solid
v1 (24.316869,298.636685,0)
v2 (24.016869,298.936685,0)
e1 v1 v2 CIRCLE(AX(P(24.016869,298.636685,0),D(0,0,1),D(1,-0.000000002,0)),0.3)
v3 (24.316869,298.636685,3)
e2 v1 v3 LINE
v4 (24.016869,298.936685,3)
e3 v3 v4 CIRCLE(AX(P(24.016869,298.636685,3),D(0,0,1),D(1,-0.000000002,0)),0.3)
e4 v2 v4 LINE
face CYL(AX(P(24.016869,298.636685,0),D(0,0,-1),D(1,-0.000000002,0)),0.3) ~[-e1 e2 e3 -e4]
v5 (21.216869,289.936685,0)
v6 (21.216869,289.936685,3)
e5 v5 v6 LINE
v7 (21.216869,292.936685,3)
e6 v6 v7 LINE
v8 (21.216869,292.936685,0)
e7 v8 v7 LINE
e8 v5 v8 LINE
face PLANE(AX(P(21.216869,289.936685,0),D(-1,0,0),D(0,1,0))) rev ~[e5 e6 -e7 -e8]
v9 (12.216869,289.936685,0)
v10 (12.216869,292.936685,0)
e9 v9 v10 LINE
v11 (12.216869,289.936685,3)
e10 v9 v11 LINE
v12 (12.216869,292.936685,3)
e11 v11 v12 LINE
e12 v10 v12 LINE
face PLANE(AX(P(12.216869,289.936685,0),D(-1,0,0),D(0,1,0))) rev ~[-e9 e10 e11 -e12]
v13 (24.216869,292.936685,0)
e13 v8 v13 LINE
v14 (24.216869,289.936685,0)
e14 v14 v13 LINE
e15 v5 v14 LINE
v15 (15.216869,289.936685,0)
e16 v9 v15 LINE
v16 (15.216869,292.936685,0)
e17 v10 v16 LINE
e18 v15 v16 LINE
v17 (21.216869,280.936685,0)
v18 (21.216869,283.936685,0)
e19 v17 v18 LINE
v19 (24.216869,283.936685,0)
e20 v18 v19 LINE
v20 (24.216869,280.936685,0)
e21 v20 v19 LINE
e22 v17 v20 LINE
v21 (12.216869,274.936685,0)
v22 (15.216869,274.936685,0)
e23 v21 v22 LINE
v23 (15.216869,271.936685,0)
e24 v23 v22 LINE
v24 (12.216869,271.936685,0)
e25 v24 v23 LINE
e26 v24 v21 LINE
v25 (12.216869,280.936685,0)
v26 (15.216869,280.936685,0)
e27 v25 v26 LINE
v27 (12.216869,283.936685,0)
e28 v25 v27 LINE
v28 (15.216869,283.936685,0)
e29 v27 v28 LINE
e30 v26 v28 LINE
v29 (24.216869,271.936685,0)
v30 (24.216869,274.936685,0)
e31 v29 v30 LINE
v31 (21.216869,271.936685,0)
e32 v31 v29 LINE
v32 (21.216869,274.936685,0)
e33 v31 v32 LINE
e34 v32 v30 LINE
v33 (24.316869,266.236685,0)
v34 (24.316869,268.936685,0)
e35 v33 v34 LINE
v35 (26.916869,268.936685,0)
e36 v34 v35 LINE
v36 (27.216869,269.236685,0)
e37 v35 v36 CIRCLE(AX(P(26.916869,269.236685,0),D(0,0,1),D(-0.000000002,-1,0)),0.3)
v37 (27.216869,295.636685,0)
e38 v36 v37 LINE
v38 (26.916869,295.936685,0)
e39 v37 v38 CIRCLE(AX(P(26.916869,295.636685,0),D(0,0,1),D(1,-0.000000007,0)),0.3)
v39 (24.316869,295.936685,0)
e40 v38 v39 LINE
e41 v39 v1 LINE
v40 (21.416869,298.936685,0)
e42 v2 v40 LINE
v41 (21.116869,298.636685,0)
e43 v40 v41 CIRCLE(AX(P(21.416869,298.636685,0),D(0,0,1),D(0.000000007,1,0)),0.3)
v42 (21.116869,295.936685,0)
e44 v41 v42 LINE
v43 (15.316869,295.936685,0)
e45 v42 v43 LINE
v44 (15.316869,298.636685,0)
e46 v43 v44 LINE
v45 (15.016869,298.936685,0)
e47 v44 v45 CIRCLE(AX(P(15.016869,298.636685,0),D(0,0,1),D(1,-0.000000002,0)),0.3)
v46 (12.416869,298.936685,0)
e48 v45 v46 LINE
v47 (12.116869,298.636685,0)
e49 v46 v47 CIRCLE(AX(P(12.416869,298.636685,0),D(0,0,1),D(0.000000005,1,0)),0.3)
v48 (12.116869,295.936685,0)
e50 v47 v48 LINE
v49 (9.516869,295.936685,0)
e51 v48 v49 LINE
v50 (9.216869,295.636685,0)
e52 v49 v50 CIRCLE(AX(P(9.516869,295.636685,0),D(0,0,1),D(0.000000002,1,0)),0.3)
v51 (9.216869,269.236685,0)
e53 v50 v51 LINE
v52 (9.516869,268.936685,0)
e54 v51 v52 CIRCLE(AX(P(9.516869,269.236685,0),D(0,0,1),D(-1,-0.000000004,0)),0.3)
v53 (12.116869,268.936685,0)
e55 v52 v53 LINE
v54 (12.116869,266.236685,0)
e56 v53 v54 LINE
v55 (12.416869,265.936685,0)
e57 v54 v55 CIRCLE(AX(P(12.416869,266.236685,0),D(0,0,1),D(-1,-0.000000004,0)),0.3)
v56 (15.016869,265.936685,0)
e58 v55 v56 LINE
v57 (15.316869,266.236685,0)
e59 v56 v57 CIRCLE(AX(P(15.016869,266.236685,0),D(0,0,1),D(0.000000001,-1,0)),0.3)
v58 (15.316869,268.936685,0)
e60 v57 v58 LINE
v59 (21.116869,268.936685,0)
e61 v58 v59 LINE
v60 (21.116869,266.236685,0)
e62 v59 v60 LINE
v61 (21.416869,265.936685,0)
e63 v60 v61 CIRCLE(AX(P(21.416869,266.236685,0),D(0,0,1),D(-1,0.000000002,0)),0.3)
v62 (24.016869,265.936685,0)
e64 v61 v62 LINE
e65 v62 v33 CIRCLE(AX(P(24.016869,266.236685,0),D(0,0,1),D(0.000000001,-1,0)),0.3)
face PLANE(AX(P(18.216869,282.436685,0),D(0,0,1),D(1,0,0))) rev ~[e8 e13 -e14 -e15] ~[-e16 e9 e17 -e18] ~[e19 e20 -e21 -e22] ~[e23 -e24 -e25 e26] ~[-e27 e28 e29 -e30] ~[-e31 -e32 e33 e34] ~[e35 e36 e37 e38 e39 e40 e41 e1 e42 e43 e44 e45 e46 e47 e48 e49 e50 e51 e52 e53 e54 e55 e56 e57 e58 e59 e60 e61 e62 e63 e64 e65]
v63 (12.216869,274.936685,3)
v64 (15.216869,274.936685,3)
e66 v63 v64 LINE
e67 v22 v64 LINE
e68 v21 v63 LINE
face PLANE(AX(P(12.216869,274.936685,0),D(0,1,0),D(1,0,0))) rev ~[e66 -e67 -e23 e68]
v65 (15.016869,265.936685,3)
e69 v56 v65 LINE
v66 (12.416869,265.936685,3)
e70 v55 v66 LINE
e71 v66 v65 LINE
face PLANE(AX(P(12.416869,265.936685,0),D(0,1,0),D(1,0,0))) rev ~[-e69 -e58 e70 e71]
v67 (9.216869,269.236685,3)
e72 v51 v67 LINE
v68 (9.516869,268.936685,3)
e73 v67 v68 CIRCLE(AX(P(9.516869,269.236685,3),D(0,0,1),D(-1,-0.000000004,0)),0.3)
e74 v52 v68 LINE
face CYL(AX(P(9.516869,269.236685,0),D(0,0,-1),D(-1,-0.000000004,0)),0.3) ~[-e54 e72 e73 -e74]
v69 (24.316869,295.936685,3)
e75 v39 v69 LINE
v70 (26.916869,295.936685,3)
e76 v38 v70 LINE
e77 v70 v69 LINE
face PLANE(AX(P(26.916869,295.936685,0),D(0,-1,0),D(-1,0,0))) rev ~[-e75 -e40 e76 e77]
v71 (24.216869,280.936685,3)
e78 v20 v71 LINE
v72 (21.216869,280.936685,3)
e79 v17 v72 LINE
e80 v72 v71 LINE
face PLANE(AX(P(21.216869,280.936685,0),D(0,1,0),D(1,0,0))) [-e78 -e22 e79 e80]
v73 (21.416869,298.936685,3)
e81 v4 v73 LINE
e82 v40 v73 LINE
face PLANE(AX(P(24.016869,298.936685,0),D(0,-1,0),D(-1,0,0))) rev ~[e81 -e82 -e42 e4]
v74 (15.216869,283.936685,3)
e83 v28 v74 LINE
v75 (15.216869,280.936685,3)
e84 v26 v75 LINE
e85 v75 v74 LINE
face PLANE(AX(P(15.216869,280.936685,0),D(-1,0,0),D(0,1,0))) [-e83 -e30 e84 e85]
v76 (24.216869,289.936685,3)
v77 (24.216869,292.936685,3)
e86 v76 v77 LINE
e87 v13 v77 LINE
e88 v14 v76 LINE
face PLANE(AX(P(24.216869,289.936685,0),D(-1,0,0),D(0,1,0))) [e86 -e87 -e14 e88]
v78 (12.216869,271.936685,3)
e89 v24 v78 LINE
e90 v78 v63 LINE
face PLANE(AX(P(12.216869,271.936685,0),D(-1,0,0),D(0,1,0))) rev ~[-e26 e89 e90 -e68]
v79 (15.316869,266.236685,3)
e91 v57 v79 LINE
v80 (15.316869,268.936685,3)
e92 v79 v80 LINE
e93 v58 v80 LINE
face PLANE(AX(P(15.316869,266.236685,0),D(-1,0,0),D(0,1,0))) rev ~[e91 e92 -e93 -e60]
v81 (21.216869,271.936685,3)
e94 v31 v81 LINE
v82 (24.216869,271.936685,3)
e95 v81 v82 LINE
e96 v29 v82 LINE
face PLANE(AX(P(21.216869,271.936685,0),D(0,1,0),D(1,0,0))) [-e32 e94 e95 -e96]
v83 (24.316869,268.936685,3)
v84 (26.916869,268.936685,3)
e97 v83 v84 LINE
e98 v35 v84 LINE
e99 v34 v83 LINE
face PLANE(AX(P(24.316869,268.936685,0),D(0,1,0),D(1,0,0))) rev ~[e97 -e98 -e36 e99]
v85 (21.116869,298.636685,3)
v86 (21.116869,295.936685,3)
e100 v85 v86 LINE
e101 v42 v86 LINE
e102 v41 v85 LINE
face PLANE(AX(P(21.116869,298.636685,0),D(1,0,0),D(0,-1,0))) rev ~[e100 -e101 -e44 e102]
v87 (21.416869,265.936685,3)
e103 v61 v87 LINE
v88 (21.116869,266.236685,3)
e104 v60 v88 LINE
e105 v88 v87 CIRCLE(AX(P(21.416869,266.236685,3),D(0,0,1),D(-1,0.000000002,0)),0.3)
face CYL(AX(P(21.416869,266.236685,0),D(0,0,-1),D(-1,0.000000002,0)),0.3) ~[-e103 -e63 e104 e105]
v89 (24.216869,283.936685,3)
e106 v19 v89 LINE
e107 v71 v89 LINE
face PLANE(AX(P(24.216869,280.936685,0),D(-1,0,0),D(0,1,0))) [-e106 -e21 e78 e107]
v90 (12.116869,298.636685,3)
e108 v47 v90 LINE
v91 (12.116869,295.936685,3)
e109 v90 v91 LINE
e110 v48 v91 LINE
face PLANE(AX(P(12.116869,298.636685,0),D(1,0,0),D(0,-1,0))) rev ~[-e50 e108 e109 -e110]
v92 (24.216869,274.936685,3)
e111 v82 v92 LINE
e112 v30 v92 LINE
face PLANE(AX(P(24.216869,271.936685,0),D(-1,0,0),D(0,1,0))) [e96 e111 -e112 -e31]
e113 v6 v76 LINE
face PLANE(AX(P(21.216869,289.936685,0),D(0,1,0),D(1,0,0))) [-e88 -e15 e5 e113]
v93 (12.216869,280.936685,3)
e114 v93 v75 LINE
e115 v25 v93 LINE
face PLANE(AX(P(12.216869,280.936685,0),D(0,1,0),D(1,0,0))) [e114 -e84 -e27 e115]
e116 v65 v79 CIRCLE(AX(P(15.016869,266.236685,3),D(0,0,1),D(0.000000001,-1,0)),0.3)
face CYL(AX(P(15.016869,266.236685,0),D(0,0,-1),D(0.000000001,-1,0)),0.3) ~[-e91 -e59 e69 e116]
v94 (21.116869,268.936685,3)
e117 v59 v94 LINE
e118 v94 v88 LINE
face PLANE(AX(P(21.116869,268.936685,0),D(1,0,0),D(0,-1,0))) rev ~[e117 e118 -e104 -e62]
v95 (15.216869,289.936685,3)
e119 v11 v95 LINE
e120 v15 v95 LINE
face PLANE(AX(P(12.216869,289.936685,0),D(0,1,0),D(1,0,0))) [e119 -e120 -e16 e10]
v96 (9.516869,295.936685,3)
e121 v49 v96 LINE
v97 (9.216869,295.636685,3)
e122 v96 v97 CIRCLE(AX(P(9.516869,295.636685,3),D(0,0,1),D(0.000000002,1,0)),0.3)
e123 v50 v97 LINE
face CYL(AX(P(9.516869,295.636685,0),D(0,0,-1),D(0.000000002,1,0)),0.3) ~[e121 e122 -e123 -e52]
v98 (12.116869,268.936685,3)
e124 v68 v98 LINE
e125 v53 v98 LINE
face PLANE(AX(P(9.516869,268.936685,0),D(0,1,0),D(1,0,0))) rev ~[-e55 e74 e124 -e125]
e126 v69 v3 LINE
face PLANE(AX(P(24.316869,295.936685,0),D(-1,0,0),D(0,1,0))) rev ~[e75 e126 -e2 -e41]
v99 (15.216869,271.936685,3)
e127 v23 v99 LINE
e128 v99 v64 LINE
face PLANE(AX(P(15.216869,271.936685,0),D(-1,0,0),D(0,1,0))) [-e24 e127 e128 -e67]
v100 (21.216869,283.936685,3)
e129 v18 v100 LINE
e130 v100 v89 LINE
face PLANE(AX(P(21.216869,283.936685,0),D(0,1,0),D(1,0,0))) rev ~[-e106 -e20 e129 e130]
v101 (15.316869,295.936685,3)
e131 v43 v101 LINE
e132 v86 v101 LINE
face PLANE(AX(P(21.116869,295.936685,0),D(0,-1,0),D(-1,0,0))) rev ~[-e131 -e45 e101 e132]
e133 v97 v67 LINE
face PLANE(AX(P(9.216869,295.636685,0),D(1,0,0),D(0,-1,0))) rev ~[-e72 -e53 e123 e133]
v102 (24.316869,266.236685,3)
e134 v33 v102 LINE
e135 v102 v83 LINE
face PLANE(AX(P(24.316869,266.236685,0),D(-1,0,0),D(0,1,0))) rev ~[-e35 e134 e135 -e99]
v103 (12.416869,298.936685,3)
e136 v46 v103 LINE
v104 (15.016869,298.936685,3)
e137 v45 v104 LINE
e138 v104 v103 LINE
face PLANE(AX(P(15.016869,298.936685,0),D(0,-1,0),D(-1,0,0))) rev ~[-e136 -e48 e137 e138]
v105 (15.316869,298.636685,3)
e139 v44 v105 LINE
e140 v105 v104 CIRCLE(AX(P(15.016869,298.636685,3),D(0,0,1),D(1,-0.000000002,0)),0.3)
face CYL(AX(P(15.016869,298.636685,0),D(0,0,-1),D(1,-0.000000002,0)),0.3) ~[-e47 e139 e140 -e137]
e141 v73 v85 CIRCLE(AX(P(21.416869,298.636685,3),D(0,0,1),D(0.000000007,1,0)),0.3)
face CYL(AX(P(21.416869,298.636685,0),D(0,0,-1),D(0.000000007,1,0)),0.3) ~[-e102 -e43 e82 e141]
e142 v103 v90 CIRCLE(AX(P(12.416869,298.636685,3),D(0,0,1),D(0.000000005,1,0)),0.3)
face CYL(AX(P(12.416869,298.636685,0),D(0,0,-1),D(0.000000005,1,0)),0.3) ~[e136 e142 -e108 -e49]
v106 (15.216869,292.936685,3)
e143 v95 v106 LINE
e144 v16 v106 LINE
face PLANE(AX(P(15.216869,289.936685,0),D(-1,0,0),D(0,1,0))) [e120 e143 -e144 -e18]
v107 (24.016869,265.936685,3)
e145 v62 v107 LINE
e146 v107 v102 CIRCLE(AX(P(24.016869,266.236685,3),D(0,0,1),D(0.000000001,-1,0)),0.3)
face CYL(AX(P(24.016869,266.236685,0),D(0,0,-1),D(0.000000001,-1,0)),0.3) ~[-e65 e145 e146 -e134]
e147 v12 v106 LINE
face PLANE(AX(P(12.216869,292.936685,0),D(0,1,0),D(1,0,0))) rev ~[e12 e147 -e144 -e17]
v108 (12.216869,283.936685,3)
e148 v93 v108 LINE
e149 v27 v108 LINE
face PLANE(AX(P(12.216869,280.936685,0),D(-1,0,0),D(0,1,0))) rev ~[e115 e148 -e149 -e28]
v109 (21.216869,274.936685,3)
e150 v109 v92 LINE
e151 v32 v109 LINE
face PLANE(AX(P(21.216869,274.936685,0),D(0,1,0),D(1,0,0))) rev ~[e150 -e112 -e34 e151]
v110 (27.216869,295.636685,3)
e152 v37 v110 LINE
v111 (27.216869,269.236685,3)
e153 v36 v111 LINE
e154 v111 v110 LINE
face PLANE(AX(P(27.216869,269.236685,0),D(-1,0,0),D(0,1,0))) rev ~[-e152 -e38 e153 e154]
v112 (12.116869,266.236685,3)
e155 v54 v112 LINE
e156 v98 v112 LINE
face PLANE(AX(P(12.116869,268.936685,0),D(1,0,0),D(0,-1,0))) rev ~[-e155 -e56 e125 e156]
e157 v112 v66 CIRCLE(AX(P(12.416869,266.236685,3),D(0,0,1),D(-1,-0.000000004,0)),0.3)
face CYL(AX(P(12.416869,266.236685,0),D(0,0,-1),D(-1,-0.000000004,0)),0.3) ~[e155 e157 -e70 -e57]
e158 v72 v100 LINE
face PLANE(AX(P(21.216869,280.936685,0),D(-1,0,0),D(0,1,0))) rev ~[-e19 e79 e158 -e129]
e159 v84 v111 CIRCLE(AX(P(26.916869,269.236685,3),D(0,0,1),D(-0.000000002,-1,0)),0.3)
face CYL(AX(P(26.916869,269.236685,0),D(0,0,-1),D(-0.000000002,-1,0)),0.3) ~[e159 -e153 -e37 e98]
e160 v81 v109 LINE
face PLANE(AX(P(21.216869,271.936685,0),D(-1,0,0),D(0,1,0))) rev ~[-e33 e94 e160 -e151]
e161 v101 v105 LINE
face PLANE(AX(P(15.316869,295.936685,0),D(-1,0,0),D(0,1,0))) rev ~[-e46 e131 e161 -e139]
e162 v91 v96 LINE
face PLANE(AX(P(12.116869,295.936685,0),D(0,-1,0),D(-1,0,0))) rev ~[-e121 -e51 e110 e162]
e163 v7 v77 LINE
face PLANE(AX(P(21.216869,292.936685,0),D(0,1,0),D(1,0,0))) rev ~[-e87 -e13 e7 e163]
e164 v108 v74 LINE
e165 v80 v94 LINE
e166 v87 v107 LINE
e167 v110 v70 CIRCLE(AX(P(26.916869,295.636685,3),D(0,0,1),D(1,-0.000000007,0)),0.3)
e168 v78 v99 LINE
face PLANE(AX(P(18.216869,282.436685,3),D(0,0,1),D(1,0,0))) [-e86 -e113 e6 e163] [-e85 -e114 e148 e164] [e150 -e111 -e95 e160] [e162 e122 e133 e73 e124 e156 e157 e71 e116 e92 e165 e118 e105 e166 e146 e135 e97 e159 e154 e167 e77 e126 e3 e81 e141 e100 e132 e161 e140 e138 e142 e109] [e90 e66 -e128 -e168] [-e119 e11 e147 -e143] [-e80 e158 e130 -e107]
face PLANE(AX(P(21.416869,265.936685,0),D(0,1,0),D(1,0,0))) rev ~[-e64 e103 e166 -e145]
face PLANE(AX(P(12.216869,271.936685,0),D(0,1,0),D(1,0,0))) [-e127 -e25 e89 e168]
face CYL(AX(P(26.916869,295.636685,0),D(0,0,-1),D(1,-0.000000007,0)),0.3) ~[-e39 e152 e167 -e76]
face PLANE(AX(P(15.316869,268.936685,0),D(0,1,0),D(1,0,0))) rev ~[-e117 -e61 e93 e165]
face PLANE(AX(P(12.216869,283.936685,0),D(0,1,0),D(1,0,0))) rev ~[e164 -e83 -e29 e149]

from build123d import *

# Parameters (mm, degrees)
MODEL_W                 = 3
MODEL_H                 = 3
SALIENTE_EXTRUIR1_DEPTH = 3


with BuildPart() as part:
    # Model → Saliente-Extruir1 (new body)
    with BuildSketch(Plane.XY):
        with BuildLine():
            Line((9.216868636, 295.636684928), (9.216868636, 269.236684928))
            ThreePointArc((9.216868636, 269.236684928), (9.304736602, 269.024552894), (9.516868636, 268.936684928))
            Line((9.516868636, 268.936684928), (12.116868636, 268.936684928))
            Line((12.116868636, 268.936684928), (12.116868636, 266.236684928))
            ThreePointArc((12.116868636, 266.236684928), (12.204736602, 266.024552894), (12.416868637, 265.936684928))
            Line((12.416868637, 265.936684928), (15.016868636, 265.936684928))
            ThreePointArc((15.016868636, 265.936684928), (15.229000671, 266.024552894), (15.316868637, 266.236684928))
            Line((15.316868637, 266.236684928), (15.316868637, 268.936684928))
            Line((15.316868637, 268.936684928), (21.116868637, 268.936684928))
            Line((21.116868637, 268.936684928), (21.116868637, 266.236684928))
            ThreePointArc((21.116868637, 266.236684928), (21.204736602, 266.024552894), (21.416868637, 265.936684928))
            Line((21.416868637, 265.936684928), (24.016868636, 265.936684928))
            ThreePointArc((24.016868636, 265.936684928), (24.229000671, 266.024552894), (24.316868637, 266.236684928))
            Line((24.316868637, 266.236684928), (24.316868637, 268.936684928))
            Line((24.316868637, 268.936684928), (26.916868636, 268.936684928))
            ThreePointArc((26.916868636, 268.936684928), (27.129000671, 269.024552894), (27.216868636, 269.236684928))
            Line((27.216868636, 269.236684928), (27.216868636, 295.636684928))
            ThreePointArc((27.216868636, 295.636684928), (27.129000671, 295.848816963), (26.916868636, 295.936684928))
            Line((26.916868636, 295.936684928), (24.316868637, 295.936684928))
            Line((24.316868637, 295.936684928), (24.316868637, 298.636684928))
            ThreePointArc((24.316868637, 298.636684928), (24.229000671, 298.848816963), (24.016868636, 298.936684928))
            Line((24.016868636, 298.936684928), (21.416868637, 298.936684928))
            ThreePointArc((21.416868637, 298.936684928), (21.204736602, 298.848816963), (21.116868637, 298.636684928))
            Line((21.116868637, 298.636684928), (21.116868637, 295.936684928))
            Line((21.116868637, 295.936684928), (15.316868637, 295.936684928))
            Line((15.316868637, 295.936684928), (15.316868637, 298.636684928))
            ThreePointArc((15.316868637, 298.636684928), (15.229000671, 298.848816963), (15.016868636, 298.936684928))
            Line((15.016868636, 298.936684928), (12.416868637, 298.936684928))
            ThreePointArc((12.416868637, 298.936684928), (12.204736602, 298.848816963), (12.116868636, 298.636684928))
            Line((12.116868636, 298.636684928), (12.116868636, 295.936684928))
            Line((12.116868636, 295.936684928), (9.516868636, 295.936684928))
            ThreePointArc((9.516868636, 295.936684928), (9.304736602, 295.848816963), (9.216868636, 295.636684928))
        make_face()
        with Locations((13.716868636, 291.436684928)):
            Rectangle(MODEL_W, MODEL_H, mode=Mode.SUBTRACT)
        with Locations((22.716868636, 291.436684928)):
            Rectangle(MODEL_W, MODEL_H, mode=Mode.SUBTRACT)
        with Locations((13.716868636, 273.436684928)):
            Rectangle(MODEL_W, MODEL_H, mode=Mode.SUBTRACT)
        with Locations((22.716868636, 273.436684928)):
            Rectangle(MODEL_W, MODEL_H, mode=Mode.SUBTRACT)
        with Locations((13.716868636, 282.436684928)):
            Rectangle(MODEL_W, MODEL_H, mode=Mode.SUBTRACT)
        with Locations((22.716868636, 282.436684928)):
            Rectangle(MODEL_W, MODEL_H, mode=Mode.SUBTRACT)
    extrude(amount=SALIENTE_EXTRUIR1_DEPTH)


solid = part.part
